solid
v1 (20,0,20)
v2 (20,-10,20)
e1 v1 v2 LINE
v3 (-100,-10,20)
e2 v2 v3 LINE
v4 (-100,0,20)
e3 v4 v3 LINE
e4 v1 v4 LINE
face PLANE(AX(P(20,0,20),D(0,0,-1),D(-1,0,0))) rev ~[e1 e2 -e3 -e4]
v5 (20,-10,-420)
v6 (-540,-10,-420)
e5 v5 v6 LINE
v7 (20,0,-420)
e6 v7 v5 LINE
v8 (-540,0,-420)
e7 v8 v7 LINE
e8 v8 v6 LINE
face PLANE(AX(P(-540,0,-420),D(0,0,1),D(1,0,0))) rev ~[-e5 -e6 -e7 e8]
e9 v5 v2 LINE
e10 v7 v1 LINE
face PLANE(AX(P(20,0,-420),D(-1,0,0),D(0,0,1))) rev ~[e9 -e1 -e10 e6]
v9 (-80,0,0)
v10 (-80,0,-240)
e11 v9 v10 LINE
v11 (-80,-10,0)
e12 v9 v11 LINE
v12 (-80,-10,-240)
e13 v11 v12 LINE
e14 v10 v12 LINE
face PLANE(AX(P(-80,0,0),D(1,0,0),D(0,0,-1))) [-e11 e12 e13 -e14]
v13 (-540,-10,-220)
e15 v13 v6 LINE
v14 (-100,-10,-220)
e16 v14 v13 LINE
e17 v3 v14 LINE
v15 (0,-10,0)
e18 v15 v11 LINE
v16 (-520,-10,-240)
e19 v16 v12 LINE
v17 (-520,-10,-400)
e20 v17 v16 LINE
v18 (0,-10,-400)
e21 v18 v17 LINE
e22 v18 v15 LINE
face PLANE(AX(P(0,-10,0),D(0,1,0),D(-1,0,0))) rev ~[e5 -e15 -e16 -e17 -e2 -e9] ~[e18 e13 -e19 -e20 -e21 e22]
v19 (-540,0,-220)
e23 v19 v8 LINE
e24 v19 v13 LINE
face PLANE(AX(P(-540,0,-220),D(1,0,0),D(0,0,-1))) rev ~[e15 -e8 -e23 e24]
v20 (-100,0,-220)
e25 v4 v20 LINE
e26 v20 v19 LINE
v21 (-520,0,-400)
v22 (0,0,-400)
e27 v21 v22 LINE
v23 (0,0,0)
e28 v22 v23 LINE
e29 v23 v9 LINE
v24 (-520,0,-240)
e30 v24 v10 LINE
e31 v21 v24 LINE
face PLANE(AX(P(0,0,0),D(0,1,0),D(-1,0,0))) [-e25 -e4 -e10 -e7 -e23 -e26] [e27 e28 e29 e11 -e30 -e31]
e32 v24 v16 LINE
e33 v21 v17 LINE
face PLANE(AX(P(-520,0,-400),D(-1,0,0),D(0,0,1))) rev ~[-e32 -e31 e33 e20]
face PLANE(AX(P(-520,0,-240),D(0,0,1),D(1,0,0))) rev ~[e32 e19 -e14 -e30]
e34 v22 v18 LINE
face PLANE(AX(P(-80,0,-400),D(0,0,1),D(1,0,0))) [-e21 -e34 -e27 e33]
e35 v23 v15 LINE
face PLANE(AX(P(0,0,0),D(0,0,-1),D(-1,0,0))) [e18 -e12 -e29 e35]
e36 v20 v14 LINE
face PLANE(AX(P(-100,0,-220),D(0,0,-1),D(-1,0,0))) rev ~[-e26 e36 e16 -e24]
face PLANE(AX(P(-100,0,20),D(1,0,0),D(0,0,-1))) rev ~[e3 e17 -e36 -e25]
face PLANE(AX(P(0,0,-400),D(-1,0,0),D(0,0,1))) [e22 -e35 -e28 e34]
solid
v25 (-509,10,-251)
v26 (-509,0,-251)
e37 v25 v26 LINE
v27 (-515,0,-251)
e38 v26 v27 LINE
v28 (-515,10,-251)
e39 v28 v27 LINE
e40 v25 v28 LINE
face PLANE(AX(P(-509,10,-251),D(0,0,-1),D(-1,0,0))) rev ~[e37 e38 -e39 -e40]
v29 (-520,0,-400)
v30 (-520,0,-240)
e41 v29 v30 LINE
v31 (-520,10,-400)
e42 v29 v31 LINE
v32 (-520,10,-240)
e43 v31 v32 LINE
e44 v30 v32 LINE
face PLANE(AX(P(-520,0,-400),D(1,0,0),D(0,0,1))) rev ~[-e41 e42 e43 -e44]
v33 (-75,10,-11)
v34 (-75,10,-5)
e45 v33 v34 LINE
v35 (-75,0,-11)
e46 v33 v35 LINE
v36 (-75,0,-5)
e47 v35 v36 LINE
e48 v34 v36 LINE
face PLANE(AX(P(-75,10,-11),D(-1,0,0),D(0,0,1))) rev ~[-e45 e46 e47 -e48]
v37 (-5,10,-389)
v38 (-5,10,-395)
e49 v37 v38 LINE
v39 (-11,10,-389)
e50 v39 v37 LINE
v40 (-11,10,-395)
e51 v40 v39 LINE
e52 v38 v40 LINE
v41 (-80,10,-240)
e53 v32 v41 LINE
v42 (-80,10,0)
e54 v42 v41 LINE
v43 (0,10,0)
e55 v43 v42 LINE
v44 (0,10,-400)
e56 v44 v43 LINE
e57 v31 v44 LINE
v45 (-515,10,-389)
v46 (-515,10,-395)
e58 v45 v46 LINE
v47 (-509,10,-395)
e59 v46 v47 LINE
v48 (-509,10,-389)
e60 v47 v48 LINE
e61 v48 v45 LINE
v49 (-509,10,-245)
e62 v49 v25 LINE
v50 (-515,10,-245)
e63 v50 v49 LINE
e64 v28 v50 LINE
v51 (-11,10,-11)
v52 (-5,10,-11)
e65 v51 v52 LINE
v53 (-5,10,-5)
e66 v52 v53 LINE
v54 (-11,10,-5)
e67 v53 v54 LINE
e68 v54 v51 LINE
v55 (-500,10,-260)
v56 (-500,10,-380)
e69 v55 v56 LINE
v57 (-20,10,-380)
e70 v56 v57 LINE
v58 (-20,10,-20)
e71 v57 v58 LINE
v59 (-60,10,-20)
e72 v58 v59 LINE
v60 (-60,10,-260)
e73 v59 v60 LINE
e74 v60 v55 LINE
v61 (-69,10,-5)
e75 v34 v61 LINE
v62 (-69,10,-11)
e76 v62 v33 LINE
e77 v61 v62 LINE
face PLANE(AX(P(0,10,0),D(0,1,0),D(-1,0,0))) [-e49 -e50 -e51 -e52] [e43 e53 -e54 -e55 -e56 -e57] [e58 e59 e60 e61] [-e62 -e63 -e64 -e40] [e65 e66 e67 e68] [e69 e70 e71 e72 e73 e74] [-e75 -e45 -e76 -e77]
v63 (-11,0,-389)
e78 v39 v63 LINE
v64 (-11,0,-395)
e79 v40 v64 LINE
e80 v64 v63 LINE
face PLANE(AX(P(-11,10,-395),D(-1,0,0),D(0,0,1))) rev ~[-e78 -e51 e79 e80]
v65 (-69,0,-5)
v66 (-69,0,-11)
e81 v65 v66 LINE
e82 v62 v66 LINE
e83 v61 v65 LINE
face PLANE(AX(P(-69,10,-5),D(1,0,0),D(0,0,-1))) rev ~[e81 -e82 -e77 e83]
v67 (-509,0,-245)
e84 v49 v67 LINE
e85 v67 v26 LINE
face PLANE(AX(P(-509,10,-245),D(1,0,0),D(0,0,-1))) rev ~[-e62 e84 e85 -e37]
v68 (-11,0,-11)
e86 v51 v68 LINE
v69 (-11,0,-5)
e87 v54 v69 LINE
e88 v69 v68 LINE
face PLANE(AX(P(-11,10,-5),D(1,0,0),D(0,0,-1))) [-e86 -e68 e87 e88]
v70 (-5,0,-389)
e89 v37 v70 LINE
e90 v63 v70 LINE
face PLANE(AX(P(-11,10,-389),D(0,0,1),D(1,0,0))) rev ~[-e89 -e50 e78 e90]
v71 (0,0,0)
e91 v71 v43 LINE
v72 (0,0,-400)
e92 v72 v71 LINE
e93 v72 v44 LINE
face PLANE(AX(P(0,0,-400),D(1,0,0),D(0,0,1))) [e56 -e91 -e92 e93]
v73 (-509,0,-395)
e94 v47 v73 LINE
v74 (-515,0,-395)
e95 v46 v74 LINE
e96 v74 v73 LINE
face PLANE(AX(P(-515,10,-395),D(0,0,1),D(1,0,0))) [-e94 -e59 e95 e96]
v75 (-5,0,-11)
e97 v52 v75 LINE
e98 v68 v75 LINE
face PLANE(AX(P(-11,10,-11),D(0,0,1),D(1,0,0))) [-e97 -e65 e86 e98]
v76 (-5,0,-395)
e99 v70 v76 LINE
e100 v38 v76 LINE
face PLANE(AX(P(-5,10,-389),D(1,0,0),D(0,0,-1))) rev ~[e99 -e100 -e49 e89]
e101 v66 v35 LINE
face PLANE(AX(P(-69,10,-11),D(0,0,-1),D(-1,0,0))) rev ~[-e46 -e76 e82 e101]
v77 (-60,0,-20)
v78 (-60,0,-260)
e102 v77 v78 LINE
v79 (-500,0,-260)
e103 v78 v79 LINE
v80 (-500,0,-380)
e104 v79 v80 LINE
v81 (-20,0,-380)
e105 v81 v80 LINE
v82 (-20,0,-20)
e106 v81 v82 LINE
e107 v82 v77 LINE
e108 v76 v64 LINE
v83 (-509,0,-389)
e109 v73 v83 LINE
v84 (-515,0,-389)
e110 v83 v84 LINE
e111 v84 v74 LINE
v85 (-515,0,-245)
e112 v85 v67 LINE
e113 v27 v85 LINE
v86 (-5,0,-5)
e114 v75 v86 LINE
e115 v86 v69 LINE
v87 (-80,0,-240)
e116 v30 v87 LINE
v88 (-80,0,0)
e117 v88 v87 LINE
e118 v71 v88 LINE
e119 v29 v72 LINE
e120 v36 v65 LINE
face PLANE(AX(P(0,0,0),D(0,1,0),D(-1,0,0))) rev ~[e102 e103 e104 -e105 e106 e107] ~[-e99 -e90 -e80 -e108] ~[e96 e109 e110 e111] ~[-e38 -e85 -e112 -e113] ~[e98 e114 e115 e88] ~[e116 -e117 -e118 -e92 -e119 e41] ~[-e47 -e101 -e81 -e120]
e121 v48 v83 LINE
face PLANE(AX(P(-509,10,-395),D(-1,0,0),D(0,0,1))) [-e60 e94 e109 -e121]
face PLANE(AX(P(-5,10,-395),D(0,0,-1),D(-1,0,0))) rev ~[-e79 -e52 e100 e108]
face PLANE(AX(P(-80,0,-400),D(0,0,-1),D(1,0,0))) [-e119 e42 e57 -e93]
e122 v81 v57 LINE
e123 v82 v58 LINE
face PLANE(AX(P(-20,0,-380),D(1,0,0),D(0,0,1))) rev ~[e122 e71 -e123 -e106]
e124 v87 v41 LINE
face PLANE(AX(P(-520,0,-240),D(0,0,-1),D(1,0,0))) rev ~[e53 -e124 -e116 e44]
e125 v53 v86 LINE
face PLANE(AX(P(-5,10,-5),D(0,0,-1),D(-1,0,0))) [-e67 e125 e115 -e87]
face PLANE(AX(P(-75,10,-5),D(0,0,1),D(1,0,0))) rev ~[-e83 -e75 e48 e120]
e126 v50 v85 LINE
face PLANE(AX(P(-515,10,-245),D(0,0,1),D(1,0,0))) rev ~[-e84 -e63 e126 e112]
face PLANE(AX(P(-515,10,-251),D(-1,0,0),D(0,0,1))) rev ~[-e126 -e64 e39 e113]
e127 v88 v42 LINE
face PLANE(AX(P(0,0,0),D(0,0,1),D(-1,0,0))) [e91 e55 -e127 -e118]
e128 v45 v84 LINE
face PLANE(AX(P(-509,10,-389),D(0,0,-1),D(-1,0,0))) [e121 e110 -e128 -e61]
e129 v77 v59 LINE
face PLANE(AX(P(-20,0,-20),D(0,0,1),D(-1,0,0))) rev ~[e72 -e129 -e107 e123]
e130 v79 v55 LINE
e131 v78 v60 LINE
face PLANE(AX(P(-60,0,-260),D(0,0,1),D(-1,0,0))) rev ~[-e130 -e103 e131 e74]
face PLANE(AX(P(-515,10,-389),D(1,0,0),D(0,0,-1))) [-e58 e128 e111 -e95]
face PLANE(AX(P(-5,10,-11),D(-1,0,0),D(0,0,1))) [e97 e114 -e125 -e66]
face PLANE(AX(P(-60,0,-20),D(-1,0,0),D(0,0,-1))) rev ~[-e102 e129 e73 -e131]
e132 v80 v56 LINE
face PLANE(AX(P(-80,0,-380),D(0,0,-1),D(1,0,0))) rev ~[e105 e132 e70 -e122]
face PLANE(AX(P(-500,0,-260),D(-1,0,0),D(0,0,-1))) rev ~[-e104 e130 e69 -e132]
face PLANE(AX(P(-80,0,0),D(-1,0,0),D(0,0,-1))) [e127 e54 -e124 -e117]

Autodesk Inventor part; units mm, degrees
ref_plane "YZ Plane" through (0, 0, 0) normal (1, 0, 0) x (0, 1, 0)
ref_plane "XZ Plane" through (0, 0, 0) normal (0, 1, 0) x (-1, 0, 0)
ref_plane "XY Plane" through (0, 0, 0) normal (0, 0, 1) x (1, 0, 0)
sketch "Sketch1" plane through (0, 0, 0) normal (0, 1, 0) x (-1, 0, 0)
  line L0 (0, 0) -> (80, 0)
  line L1 (80, 0) -> (80, -240)
  line L2 (80, -400) -> (0, -400)
  line L3 (0, -400) -> (0, 0)
  line L4 (80, -400) -> (520, -400)
  line L5 (520, -400) -> (520, -240)
  line L6 (520, -240) -> (80, -240)
  line L7 (540, -420) -> (80, -420)
  line L8 (80, -420) -> (-20, -420)
  line L9 (-20, -420) -> (-20, 20)
  line L10 (-20, 20) -> (100, 20)
  line L11 (100, 20) -> (100, -220)
  line L12 (100, -220) -> (540, -220)
  line L13 (540, -220) -> (540, -420)
  line L14 (500, -380) -> (80, -380)
  line L15 (80, -380) -> (20, -380)
  line L16 (20, -380) -> (20, -20)
  line L17 (20, -20) -> (60, -20)
  line L18 (60, -20) -> (60, -260)
  line L19 (60, -260) -> (500, -260)
  line L20 (500, -260) -> (500, -380)
  dimension "d5" = 400
  dimension "d6" = 160
  dimension "d7" = 80
  dimension "d8" = 440
  dimension "d9" = 20
  dimension "d10" = 20
extrude "Extrusion2" add sketch "Sketch1" against normal blind 10 contours L7 L8 L9 L10 L11 L12 L13
extrude "Extrusion3" add sketch "Sketch1" along normal blind 10 contours L0 L1 L6 L5 L4 L2 L3
sketch "Sketch2" plane through (0, 10, 0) normal (0, 1, 0) x (1, 0, 0)
  line L0 (-11, 11) -> (-5, 11)
  line L1 (-5, 11) -> (-5, 5)
  line L2 (-5, 5) -> (-11, 5)
  line L3 (-11, 5) -> (-11, 11)
  line L4 (-520, 400) -> (-520, 240) projected
  line L5 (-520, 240) -> (-80, 240) projected
  line L6 (-80, 240) -> (-80, 0) projected
  line L7 (-80, 0) -> (0, 0) projected
  line L8 (0, 0) -> (0, 400) projected
  line L9 (0, 400) -> (-520, 400) projected
  line L10 (-500, 380) -> (-20, 380) projected
  line L11 (-20, 380) -> (-20, 20) projected
  line L12 (-20, 20) -> (-60, 20) projected
  line L13 (-60, 20) -> (-60, 260) projected
  line L14 (-60, 260) -> (-500, 260) projected
  line L15 (-500, 260) -> (-500, 380) projected
  line L16 (-40, 0) -> (-40, 400)
  line L17 (-69, 11) -> (-75, 11)
  line L18 (-75, 11) -> (-75, 5)
  line L19 (-75, 5) -> (-69, 5)
  line L20 (-69, 5) -> (-69, 11)
  line L21 (-40, 200) -> (0, 200)
  line L22 (-11, 389) -> (-5, 389)
  line L23 (-5, 389) -> (-5, 395)
  line L24 (-5, 395) -> (-11, 395)
  line L25 (-11, 395) -> (-11, 389)
  line L26 (-500, 320) -> (-40, 320)
  line L27 (-509, 389) -> (-515, 389)
  line L28 (-515, 389) -> (-515, 395)
  line L29 (-515, 395) -> (-509, 395)
  line L30 (-509, 395) -> (-509, 389)
  line L31 (-509, 251) -> (-515, 251)
  line L32 (-515, 251) -> (-515, 245)
  line L33 (-515, 245) -> (-509, 245)
  line L34 (-509, 245) -> (-509, 251)
  dimension "d19" = 6
  dimension "d20" = 6
  dimension "d21" = 5
  dimension "d22" = 11
  dimension "d23" = 6
  dimension "d24" = 11
  dimension "d25" = 11
extrude "Extrusion4" cut sketch "Sketch2" against normal through all contours L0 L1 L2 L3 | L20 L19 L18 L17 | L25 L24 L23 L22 | L27 L28 L29 L30 | L34 L33 L32 L31
properties part number "base down"
